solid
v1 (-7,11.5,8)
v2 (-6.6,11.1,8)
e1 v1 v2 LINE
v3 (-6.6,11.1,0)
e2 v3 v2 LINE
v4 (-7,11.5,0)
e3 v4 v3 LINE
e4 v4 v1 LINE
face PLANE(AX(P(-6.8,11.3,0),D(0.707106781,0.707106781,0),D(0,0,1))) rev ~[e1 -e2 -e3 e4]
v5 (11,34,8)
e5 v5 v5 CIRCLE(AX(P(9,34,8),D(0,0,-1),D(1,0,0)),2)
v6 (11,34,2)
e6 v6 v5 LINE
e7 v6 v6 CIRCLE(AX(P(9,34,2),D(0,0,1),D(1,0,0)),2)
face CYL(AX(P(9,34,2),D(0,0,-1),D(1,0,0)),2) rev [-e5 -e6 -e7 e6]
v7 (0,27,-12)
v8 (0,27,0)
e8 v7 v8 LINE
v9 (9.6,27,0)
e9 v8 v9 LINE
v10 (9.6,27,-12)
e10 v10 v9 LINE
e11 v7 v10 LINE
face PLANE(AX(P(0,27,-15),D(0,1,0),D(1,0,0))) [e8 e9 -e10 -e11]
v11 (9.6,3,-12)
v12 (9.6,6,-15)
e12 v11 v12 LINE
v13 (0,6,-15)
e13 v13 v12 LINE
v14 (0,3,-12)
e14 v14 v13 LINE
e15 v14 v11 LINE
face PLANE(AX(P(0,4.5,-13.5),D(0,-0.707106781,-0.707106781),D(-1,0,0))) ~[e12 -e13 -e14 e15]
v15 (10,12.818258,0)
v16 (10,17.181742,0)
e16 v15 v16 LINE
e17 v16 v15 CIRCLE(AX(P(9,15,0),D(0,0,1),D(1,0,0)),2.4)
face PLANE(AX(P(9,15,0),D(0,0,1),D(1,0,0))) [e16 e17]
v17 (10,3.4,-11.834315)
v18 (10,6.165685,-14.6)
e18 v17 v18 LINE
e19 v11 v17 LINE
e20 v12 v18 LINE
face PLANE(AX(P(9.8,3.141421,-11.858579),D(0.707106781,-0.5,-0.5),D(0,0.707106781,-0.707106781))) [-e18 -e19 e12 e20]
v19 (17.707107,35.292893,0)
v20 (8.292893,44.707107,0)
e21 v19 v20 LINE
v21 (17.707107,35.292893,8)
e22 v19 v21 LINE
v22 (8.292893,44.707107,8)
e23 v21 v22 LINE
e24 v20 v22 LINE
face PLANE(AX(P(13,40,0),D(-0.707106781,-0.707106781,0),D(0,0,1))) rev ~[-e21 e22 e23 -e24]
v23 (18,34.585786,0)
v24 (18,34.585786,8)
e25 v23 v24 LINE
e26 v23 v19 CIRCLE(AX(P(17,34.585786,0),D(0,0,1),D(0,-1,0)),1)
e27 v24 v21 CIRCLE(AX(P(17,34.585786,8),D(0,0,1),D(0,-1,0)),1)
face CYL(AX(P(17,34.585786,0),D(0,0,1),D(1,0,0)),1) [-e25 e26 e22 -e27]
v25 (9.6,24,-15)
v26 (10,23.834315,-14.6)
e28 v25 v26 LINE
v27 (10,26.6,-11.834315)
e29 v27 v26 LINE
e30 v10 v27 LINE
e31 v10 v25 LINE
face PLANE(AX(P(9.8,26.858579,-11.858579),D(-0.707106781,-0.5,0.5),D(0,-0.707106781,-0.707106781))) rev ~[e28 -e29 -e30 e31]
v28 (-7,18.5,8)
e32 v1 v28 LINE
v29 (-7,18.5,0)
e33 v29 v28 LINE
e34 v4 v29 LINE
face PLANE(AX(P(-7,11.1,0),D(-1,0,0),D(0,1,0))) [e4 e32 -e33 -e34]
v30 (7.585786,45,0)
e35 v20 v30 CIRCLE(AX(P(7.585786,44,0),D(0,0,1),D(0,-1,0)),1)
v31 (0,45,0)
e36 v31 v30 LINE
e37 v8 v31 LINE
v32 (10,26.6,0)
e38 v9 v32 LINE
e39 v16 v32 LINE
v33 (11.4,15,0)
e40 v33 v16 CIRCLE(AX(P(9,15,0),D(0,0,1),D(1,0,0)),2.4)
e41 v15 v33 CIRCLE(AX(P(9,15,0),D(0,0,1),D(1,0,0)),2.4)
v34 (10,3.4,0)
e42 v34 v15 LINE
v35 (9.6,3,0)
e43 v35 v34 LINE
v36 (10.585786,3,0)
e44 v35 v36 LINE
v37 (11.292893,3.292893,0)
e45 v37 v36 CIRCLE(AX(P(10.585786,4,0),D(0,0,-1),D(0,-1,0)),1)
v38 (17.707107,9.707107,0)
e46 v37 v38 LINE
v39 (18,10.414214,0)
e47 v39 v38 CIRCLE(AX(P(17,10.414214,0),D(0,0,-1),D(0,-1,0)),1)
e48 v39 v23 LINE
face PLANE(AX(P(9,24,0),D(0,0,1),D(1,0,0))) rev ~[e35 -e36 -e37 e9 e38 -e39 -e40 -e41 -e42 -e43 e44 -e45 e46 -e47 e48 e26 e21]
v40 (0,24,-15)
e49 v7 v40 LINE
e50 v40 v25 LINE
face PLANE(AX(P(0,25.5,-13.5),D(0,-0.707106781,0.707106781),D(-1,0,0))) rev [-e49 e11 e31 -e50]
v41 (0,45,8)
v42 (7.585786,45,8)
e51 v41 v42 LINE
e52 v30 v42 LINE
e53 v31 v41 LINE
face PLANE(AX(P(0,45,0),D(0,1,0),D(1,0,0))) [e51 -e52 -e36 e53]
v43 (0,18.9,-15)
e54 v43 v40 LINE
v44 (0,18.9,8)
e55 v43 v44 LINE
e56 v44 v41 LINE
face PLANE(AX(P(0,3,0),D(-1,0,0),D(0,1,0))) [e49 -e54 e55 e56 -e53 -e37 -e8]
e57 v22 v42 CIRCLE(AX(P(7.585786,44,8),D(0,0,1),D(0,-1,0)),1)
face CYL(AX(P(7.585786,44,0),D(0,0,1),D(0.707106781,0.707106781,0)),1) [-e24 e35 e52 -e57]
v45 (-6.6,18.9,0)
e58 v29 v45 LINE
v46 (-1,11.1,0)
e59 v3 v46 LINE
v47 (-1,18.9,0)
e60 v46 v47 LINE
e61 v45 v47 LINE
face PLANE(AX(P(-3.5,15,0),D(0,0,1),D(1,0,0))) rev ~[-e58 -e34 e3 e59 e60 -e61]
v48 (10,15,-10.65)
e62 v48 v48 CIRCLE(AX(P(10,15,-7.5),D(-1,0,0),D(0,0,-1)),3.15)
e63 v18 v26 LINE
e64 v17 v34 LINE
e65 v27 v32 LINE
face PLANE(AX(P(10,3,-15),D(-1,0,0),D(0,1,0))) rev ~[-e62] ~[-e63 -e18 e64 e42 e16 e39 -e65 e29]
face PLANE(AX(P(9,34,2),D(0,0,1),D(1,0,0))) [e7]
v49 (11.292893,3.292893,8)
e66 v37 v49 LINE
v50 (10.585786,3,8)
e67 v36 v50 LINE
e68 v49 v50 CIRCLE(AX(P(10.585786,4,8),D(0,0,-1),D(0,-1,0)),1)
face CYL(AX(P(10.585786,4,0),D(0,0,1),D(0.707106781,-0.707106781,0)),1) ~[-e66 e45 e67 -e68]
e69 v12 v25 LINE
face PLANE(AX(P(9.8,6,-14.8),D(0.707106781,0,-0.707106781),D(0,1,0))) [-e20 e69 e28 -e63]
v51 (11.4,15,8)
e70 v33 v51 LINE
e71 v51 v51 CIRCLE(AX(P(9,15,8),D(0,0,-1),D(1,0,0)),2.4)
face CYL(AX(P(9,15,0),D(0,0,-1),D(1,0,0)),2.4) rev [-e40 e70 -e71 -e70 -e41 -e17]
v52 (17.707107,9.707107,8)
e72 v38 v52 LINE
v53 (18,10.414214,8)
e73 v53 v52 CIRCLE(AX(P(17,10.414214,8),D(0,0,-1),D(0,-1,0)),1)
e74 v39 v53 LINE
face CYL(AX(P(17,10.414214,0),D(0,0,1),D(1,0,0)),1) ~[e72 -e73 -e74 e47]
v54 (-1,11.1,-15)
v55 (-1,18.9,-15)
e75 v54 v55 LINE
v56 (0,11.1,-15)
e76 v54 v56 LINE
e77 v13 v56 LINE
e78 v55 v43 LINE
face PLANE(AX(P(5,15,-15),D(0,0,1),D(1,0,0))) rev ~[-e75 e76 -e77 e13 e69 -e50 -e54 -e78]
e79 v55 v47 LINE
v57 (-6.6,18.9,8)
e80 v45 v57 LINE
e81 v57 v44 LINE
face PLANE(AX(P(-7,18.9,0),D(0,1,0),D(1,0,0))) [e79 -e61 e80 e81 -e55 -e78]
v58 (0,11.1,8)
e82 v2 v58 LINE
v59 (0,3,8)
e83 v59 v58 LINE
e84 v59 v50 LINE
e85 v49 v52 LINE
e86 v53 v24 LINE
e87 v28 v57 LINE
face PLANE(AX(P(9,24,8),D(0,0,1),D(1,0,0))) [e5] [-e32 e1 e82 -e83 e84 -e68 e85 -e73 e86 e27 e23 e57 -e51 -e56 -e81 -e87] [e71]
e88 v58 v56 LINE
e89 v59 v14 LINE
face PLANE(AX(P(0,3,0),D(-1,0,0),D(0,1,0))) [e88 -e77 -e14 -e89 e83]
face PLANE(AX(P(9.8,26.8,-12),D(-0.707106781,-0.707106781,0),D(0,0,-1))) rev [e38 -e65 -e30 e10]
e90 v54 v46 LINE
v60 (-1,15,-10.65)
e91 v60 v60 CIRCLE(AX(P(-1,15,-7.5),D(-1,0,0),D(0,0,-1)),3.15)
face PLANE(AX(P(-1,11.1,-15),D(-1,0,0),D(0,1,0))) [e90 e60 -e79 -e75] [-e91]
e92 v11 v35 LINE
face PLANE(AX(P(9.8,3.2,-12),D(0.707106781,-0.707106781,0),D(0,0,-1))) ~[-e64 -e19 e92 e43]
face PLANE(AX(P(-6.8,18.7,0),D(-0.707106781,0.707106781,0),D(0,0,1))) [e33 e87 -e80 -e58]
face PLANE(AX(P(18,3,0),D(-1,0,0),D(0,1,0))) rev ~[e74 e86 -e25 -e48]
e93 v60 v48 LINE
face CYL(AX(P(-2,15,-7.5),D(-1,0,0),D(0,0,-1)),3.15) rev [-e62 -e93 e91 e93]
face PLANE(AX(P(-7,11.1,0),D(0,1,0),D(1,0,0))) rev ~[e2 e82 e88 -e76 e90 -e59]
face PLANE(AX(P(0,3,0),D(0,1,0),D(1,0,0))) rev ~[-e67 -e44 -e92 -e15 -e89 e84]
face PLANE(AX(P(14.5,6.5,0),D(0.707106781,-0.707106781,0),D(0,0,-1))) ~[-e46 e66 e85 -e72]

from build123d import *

# Parameters (mm, degrees)
CYLINDER004_R     = 2.4
CYLINDER004_DEPTH = 35
CYLINDER011_R     = 2
CYLINDER011_DEPTH = 40
CYLINDER008_R     = 3.15
CYLINDER008_DEPTH = 16
BOX006_W          = 10
BOX006_H          = 24
BOX006_DEPTH      = 15
CHAMFER004_SIZE   = 3
CHAMFER017_SIZE   = 0.4
BOX004_W          = 7
BOX004_H          = 7.8
BOX004_DEPTH      = 8
CHAMFER010_SIZE   = 0.4
BOX003_W          = 18
BOX003_H          = 42
BOX003_DEPTH      = 8
CHAMFER_SIZE      = 7
CHAMFER015_SIZE   = 10
FILLET004_R       = 1
BOX_W             = 1
BOX_H             = 7.8
BOX_DEPTH         = 15


with BuildPart() as cylinder004:
    # Cylinder004 → Cylinder004 (new body)
    with BuildSketch(Plane(origin=(9, 15, 0), x_dir=(1, 0, 0), z_dir=(0, 0, 1))):
        Circle(CYLINDER004_R)
    extrude(amount=CYLINDER004_DEPTH)


with BuildPart() as cylinder011:
    # Cylinder011 → Cylinder011 (new body)
    with BuildSketch(Plane(origin=(9, 34, 2), x_dir=(1, 0, 0), z_dir=(0, 0, 1))):
        Circle(CYLINDER011_R)
    extrude(amount=CYLINDER011_DEPTH)


with BuildPart() as cylinder008:
    # Cylinder008 → Cylinder008 (new body)
    with BuildSketch(Plane(origin=(-2, 15, -7.5), x_dir=(0, 0, -1), z_dir=(1, 0, 0))):
        Circle(CYLINDER008_R)
    extrude(amount=CYLINDER008_DEPTH)


with BuildPart() as chamfer017:
    # Box006 → Box006 (new body)
    with BuildSketch(Plane(origin=(0, 3, -15), x_dir=(1, 0, 0), z_dir=(0, 0, 1))):
        with Locations((5, 12)):
            Rectangle(BOX006_W, BOX006_H)
    extrude(amount=BOX006_DEPTH)

    # Chamfer004
    chamfer004_edges = [chamfer017.edges().sort_by_distance(p)[0] for p in [
        (5, 3, -15),
        (5, 27, -15),
    ]]
    chamfer(chamfer004_edges, length=CHAMFER004_SIZE)

    # Chamfer017
    chamfer017_edges = [chamfer017.edges().sort_by_distance(p)[0] for p in [
        (10, 3, -6),
        (10, 4.5, -13.5),
        (10, 15, -15),
        (10, 27, -6),
        (10, 25.5, -13.5),
    ]]
    chamfer(chamfer017_edges, length=CHAMFER017_SIZE)


with BuildPart() as chamfer010:
    # Box004 → Box004 (new body)
    with BuildSketch(Plane(origin=(-7, 11.1, 0), x_dir=(1, 0, 0), z_dir=(0, 0, 1))):
        with Locations((3.5, 3.9)):
            Rectangle(BOX004_W, BOX004_H)
    extrude(amount=BOX004_DEPTH)

    # Chamfer010
    chamfer010_edges = [chamfer010.edges().sort_by_distance(p)[0] for p in [
        (-7, 11.1, 4),
        (-7, 18.9, 4),
    ]]
    chamfer(chamfer010_edges, length=CHAMFER010_SIZE)


with BuildPart() as fillet004:
    # Box003 → Box003 (new body)
    with BuildSketch(Plane(origin=(0, 3, 0), x_dir=(1, 0, 0), z_dir=(0, 0, 1))):
        with Locations((9, 21)):
            Rectangle(BOX003_W, BOX003_H)
    extrude(amount=BOX003_DEPTH)

    # Chamfer
    chamfer_edges = [fillet004.edges().sort_by_distance(p)[0] for p in [
        (18, 3, 4),
    ]]
    chamfer(chamfer_edges, length=CHAMFER_SIZE)

    # Chamfer015
    chamfer015_edges = [fillet004.edges().sort_by_distance(p)[0] for p in [
        (18, 45, 4),
    ]]
    chamfer(chamfer015_edges, length=CHAMFER015_SIZE)

    # Fillet004
    fillet004_edges = [fillet004.edges().sort_by_distance(p)[0] for p in [
        (18, 35, 4),
        (18, 10, 4),
        (8, 45, 4),
        (11, 3, 4),
    ]]
    fillet(fillet004_edges, radius=FILLET004_R)


with BuildPart() as cut002002002007:
    # Box → Box (new body)
    with BuildSketch(Plane(origin=(-1, 11.1, -15), x_dir=(1, 0, 0), z_dir=(0, 0, 1))):
        with Locations((0.5, 3.9)):
            Rectangle(BOX_W, BOX_H)
    extrude(amount=BOX_DEPTH)

    # Fusion006003: union Chamfer017, Chamfer010, Fillet004
    add(chamfer017.part)
    add(chamfer010.part)
    add(fillet004.part)

    # Cut002002002003: cut Cylinder008
    add(cylinder008.part, mode=Mode.SUBTRACT)

    # Cut002002002006: cut Cylinder011
    add(cylinder011.part, mode=Mode.SUBTRACT)

    # Cut002002002007: cut Cylinder004
    add(cylinder004.part, mode=Mode.SUBTRACT)


solid = cut002002002007.part
